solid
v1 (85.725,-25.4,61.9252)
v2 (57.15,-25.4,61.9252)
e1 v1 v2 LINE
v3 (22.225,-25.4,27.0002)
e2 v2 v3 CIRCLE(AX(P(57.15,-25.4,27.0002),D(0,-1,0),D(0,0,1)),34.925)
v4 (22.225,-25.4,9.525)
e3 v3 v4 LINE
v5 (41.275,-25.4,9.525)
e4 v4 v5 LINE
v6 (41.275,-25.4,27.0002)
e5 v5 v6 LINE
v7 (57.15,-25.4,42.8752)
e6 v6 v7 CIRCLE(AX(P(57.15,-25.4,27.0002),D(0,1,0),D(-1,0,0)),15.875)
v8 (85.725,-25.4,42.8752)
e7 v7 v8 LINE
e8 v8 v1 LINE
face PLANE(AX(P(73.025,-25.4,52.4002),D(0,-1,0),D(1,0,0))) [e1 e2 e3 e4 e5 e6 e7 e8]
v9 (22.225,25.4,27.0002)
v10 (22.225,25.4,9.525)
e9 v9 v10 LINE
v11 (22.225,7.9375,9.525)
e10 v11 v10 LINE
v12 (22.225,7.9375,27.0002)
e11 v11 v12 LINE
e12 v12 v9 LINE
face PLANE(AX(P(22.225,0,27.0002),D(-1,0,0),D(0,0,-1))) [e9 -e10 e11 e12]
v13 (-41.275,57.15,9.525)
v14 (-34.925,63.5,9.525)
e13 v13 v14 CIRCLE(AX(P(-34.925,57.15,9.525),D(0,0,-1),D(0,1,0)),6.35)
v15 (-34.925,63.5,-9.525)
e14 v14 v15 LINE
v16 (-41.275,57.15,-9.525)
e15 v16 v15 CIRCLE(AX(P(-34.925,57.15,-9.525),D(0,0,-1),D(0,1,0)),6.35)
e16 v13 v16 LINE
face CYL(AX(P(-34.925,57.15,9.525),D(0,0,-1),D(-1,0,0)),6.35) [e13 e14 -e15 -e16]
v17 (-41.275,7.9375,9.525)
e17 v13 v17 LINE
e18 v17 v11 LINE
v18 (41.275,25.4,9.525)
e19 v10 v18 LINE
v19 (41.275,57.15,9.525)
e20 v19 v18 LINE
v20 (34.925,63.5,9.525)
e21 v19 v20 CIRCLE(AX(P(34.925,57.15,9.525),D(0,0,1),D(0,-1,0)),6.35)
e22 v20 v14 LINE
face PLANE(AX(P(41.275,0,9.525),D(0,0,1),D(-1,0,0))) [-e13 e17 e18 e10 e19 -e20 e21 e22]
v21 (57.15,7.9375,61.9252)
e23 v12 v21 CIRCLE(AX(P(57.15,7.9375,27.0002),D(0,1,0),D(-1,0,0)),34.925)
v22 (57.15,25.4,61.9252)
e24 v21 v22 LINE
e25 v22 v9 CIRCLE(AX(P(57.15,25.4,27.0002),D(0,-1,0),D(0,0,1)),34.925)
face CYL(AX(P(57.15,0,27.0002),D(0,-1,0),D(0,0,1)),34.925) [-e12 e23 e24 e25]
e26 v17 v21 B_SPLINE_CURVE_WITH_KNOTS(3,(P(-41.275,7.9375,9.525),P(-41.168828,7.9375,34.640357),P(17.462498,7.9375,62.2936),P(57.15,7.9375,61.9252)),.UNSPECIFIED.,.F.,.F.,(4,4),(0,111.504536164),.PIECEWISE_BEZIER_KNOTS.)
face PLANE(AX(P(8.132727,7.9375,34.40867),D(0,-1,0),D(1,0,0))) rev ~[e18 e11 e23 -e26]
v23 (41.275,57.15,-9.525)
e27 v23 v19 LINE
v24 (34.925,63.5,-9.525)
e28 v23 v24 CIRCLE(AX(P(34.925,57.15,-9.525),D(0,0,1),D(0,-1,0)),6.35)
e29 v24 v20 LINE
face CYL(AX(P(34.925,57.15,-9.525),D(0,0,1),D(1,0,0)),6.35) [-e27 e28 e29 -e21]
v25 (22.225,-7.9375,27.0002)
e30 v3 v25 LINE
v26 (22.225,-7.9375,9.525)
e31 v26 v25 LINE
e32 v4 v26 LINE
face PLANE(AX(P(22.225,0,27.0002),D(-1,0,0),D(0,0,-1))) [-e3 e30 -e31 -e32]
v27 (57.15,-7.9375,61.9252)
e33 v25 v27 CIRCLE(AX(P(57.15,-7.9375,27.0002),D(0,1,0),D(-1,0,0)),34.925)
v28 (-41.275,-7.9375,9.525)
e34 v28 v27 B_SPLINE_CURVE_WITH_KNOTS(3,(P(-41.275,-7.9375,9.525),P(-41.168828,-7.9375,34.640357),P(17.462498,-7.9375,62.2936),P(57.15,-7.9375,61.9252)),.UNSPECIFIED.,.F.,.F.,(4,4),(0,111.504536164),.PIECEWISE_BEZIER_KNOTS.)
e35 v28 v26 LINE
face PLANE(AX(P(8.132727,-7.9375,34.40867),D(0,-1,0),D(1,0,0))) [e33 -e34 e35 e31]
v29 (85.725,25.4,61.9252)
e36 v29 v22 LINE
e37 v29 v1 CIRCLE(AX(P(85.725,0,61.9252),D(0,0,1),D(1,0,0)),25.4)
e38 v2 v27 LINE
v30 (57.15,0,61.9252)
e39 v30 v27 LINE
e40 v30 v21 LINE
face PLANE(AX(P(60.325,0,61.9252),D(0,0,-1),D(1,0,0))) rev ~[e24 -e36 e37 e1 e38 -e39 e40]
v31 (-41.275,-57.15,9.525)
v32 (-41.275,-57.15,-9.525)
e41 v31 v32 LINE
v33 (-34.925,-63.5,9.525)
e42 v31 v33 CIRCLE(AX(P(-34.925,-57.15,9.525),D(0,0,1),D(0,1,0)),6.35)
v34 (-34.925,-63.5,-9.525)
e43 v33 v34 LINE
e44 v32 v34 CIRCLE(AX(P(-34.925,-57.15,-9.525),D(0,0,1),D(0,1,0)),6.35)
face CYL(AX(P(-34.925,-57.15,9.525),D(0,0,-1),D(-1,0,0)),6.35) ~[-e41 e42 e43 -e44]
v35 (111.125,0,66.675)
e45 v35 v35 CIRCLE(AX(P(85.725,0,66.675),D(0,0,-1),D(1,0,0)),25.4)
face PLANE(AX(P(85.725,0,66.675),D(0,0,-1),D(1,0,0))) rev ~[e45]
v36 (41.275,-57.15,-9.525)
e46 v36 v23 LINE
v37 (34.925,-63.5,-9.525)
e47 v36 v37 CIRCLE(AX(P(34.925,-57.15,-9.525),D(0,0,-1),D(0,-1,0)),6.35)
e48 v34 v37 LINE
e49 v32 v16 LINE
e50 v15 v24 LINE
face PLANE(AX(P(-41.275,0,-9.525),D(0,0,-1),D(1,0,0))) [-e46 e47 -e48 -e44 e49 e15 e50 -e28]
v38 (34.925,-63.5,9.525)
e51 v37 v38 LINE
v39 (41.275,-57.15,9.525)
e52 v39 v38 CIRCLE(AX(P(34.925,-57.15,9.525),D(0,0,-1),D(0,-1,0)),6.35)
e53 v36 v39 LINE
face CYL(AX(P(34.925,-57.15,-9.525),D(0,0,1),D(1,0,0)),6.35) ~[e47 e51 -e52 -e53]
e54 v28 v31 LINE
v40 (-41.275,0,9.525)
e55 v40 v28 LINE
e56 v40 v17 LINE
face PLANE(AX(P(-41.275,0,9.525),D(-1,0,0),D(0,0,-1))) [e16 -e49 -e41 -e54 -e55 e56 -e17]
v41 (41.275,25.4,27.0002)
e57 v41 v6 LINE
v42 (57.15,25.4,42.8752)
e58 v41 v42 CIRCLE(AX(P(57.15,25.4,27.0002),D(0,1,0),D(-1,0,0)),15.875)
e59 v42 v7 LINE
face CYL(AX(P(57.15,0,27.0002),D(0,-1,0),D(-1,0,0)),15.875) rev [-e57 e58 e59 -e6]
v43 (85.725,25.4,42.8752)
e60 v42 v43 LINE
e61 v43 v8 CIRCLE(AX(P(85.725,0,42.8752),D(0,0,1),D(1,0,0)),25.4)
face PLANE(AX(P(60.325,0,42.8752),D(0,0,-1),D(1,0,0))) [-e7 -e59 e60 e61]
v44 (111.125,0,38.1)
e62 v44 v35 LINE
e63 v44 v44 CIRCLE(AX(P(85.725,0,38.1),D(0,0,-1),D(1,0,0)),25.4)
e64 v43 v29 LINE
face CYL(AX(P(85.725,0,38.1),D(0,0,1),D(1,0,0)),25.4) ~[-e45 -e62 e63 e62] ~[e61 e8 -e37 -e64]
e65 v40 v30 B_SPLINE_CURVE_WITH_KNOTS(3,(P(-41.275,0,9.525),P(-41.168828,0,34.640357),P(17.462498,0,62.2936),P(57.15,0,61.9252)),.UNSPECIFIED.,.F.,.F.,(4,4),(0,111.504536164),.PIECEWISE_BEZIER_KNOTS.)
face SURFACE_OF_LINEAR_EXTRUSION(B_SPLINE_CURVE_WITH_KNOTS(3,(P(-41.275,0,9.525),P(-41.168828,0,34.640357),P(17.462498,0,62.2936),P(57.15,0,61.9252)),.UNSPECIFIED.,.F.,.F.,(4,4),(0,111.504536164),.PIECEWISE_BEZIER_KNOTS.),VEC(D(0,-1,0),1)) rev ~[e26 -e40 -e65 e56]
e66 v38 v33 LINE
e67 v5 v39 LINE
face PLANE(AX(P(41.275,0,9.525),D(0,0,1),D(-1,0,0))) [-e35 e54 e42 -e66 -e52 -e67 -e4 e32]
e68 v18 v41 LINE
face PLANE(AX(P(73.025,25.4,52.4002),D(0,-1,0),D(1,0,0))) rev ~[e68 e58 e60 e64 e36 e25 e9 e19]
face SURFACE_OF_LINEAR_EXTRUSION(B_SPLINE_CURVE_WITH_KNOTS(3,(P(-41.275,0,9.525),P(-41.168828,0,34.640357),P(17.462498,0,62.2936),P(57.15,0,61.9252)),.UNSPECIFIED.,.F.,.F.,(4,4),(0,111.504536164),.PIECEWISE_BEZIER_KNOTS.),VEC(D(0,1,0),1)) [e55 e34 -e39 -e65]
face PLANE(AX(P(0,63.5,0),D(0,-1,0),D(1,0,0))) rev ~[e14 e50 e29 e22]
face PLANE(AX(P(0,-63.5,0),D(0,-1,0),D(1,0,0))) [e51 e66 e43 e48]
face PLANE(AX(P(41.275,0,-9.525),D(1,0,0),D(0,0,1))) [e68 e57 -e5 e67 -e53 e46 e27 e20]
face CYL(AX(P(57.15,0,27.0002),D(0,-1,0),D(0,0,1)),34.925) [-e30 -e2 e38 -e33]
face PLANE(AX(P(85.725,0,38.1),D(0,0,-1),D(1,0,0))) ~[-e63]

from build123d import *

# Parameters (mm, degrees)
F1_DEPTH = 63.5
F2_DEPTH = 25.4
F3_DEPTH = 7.9375
F0_W     = 25.4
F0_H     = 19.05
F4_DEPTH = 25.4
F6_R     = 6.35


with BuildPart() as f1:
    # F0 (on Front) → F1 (new body, symmetric)
    with BuildSketch(Plane.XZ):
        Polygon((41.275, -9.525), (41.275, 9.525), (22.225, 9.525), (-41.275, 9.525), (-41.275, -9.525), align=None)
    extrude(amount=F1_DEPTH, both=True)

    # F0 (on Front) → F2 (join, symmetric)
    with BuildSketch(Plane.XZ):
        with BuildLine():
            Line((22.225, 9.525), (41.275, 9.525))
            Line((41.275, 9.525), (41.275, 27.0002))
            ThreePointArc((41.275, 27.0002), (45.9246798487, 38.2255201513), (57.15, 42.8752))
            Line((57.15, 42.8752), (60.325, 42.8752))
            Line((60.325, 42.8752), (60.325, 61.9252))
            Line((60.325, 61.9252), (57.15, 61.9252))
            ThreePointArc((57.15, 61.9252), (32.4542956671, 51.6959043329), (22.225, 27.0002))
            Line((22.225, 27.0002), (22.225, 9.525))
        make_face()
    extrude(amount=F2_DEPTH, both=True)

    # F0 (on Front) → F3 (join, symmetric)
    with BuildSketch(Plane.XZ):
        with BuildLine():
            Line((-41.275, 9.525), (22.225, 9.525))
            Line((22.225, 9.525), (22.225, 27.0002))
            ThreePointArc((22.225, 27.0002), (32.4542956671, 51.6959043329), (57.15, 61.9252))
            add(Edge.make_bspline(
                [(-41.275, 9.525), (-41.1688275635, 34.6403568983), (17.4624975771, 62.293600291), (57.15, 61.9252)],
                knots=[0, 0, 0, 0, 111.5045361635, 111.5045361635, 111.5045361635, 111.5045361635], degree=3))
        make_face()
    extrude(amount=F3_DEPTH, both=True)

    # F0 (on Front) → F4 (join, symmetric)
    with BuildSketch(Plane.XZ):
        with Locations((73.025, 52.4002)):
            Rectangle(F0_W, F0_H)
    extrude(amount=F4_DEPTH, both=True)

    # F0 (on Front) → F5 (revolve)
    with BuildSketch(Plane.XZ):
        Polygon((85.725, 61.9252), (85.725, 42.8752), (85.725, 38.1), (111.125, 38.1), (111.125, 66.675), (85.725, 66.675), align=None)
    revolve(axis=Axis((85.725, 0, 52.3875), (0, 0, -1)))

    # F6
    f6_edges = [f1.edges().sort_by_distance(p)[0] for p in [
        (41.275, -63.5, 0),
        (-41.275, -63.5, 0),
        (41.275, 63.5, 0),
        (-41.275, 63.5, 0),
    ]]
    fillet(f6_edges, radius=F6_R)


solid = f1.part
